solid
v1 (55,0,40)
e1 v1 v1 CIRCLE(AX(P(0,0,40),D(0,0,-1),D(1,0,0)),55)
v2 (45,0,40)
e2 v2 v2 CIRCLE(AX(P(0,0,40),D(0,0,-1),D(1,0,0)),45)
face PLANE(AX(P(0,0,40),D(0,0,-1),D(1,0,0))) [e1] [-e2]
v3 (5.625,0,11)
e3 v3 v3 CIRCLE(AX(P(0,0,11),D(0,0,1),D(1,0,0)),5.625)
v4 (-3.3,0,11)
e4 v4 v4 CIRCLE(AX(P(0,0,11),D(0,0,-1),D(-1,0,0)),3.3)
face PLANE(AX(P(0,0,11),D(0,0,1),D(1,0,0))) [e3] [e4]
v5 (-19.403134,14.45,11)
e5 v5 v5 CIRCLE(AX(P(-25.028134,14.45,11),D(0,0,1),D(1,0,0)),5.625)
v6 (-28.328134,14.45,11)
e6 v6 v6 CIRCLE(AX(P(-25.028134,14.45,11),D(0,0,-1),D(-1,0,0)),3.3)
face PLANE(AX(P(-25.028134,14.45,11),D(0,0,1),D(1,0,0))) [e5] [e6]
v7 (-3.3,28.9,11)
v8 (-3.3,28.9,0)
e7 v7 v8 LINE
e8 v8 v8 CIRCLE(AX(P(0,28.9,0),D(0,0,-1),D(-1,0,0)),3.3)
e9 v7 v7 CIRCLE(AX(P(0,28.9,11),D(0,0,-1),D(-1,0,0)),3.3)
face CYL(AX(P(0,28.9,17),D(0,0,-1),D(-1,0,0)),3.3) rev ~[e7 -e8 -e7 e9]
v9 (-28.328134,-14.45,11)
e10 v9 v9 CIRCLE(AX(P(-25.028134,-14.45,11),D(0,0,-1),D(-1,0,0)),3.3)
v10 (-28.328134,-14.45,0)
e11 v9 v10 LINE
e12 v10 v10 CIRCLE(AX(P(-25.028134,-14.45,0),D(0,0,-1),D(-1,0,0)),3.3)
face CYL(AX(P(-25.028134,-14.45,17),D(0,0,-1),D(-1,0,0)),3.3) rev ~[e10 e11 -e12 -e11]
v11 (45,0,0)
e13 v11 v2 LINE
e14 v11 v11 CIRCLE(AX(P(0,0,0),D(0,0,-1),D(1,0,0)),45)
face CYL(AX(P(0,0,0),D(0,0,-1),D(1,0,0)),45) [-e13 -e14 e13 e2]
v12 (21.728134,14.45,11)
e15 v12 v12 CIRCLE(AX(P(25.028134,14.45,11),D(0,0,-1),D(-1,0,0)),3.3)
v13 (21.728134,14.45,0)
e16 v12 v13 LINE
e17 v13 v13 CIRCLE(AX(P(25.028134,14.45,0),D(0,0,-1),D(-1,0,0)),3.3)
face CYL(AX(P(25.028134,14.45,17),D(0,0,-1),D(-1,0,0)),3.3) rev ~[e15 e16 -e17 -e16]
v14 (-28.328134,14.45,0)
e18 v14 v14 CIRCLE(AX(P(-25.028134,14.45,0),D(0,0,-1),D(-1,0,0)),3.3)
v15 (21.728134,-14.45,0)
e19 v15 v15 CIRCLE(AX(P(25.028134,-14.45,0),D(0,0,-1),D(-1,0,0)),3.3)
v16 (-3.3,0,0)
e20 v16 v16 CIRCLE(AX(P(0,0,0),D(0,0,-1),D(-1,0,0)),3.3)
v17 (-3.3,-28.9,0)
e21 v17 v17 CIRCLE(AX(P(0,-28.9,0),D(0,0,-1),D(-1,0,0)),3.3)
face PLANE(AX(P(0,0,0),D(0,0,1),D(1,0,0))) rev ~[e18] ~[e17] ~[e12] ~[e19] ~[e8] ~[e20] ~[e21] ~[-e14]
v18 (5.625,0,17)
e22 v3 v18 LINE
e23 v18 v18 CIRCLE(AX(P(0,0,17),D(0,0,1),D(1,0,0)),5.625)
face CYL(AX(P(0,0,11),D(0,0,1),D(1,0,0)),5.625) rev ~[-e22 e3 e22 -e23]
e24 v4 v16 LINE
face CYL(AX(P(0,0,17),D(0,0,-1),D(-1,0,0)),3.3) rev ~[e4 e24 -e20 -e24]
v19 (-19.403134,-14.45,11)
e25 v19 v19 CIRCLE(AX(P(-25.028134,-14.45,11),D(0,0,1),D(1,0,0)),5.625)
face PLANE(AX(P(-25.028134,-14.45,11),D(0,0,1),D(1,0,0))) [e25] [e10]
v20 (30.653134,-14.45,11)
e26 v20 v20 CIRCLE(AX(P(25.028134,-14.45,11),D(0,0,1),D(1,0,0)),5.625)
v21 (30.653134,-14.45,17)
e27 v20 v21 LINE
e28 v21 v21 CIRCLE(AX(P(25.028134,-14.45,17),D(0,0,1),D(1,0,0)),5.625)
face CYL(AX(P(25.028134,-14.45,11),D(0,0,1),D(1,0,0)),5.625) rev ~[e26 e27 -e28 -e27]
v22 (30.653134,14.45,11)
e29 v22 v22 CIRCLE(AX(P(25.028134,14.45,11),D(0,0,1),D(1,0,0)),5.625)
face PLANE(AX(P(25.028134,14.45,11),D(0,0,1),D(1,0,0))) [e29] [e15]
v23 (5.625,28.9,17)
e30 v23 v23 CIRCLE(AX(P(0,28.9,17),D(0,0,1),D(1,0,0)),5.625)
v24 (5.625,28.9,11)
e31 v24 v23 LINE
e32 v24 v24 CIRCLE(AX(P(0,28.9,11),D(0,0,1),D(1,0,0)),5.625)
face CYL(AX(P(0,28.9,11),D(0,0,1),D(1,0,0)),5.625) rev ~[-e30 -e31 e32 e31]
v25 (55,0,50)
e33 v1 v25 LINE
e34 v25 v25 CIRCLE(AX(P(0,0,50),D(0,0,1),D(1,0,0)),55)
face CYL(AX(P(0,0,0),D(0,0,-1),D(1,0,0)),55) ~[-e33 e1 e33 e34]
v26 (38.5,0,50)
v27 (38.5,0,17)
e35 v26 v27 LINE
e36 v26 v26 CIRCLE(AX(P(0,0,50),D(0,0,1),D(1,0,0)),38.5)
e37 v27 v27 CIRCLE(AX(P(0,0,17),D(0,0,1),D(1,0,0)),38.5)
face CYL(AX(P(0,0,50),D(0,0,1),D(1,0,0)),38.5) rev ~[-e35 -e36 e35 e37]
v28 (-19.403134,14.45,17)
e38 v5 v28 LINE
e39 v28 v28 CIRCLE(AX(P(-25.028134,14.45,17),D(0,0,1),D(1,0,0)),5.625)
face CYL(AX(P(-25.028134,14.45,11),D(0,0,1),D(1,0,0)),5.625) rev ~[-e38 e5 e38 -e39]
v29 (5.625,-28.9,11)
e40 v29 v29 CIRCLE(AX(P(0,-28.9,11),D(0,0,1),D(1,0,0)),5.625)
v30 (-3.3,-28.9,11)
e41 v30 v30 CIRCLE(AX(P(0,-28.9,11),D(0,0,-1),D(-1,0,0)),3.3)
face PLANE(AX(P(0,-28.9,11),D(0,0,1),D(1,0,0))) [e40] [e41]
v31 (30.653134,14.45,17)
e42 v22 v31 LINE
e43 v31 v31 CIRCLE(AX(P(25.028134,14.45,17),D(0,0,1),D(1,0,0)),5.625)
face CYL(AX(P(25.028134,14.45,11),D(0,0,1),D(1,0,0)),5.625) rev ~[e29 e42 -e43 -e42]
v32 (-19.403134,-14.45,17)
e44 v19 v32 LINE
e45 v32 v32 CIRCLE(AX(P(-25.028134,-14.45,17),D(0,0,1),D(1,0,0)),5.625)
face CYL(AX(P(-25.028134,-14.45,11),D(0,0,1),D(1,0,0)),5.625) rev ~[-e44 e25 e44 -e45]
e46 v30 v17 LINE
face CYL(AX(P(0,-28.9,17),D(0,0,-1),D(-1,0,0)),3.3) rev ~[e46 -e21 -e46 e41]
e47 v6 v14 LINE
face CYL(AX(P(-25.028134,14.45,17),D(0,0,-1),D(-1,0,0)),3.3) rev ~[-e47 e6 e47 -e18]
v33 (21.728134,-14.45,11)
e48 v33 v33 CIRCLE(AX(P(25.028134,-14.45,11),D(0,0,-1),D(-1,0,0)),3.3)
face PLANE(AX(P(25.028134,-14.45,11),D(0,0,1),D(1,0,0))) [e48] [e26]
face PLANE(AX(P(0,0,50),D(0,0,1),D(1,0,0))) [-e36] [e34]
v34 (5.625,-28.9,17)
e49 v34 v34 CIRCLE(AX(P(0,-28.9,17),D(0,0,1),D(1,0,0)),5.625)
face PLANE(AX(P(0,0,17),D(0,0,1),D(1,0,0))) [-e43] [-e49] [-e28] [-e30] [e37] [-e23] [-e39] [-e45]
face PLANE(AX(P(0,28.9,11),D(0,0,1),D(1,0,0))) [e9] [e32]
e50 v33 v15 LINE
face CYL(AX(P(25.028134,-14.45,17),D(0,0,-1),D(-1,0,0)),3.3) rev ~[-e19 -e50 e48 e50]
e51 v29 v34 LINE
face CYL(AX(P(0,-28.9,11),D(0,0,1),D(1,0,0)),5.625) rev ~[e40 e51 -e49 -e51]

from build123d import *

# Parameters (mm, degrees)
F0_R           = 55
F0_R_2         = 3
F1_DEPTH       = 50
F2_R           = 38.5
F2_R_2         = 3
F3_DEPTH       = 33
F5_D           = 6.6
F5_CBORE_D     = 11.25
F5_CBORE_DEPTH = 6
F6_R           = 57.5
F6_R_2         = 45
F7_DEPTH       = 40


with BuildPart() as f1:
    # F0 (on Top) → F1 (new body)
    with BuildSketch(Plane.XY):
        Circle(F0_R)
        with BuildLine():
            ThreePointArc((28.0281341694, -14.45), (25.8045913047, -17.3477774789), (22.430057958, -15.95))
            Line((22.430057958, -15.95), (2.5980762114, -27.4))
            ThreePointArc((2.5980762114, -27.4), (2.8977774789, -28.1235428647), (3, -28.9))
            ThreePointArc((3, -28.9), (-0.7764571353, -31.7977774789), (-2.5980762114, -27.4))
            Line((-2.5980762114, -27.4), (-22.430057958, -15.95))
            ThreePointArc((-22.430057958, -15.95), (-27.6262103807, -15.95), (-25.0281341694, -11.45))
            Line((-25.0281341694, -11.45), (-25.0281341694, 11.45))
            ThreePointArc((-25.0281341694, 11.45), (-27.6262103807, 15.95), (-22.430057958, 15.95))
            Line((-22.430057958, 15.95), (-2.5980762114, 27.4))
            ThreePointArc((-2.5980762114, 27.4), (-0.7764571353, 31.7977774789), (3, 28.9))
            ThreePointArc((3, 28.9), (2.8977774789, 28.1235428647), (2.5980762114, 27.4))
            Line((2.5980762114, 27.4), (22.430057958, 15.95))
            ThreePointArc((22.430057958, 15.95), (25.8045913047, 17.3477774789), (28.0281341694, 14.45))
            ThreePointArc((28.0281341694, 14.45), (27.1494545129, 12.3286796564), (25.0281341694, 11.45))
            Line((25.0281341694, 11.45), (25.0281341694, -11.45))
            ThreePointArc((25.0281341694, -11.45), (27.1494545129, -12.3286796564), (28.0281341694, -14.45))
        make_face(mode=Mode.SUBTRACT)
        with BuildLine():
            Line((2.5980762114, -27.4), (22.430057958, -15.95))
            ThreePointArc((22.430057958, -15.95), (22.430057958, -12.95), (25.0281341694, -11.45))
            Line((25.0281341694, -11.45), (25.0281341694, 11.45))
            ThreePointArc((25.0281341694, 11.45), (22.430057958, 12.95), (22.430057958, 15.95))
            Line((22.430057958, 15.95), (2.5980762114, 27.4))
            ThreePointArc((2.5980762114, 27.4), (0, 25.9), (-2.5980762114, 27.4))
            Line((-2.5980762114, 27.4), (-22.430057958, 15.95))
            ThreePointArc((-22.430057958, 15.95), (-22.1303566905, 15.2264571353), (-22.0281341694, 14.45))
            ThreePointArc((-22.0281341694, 14.45), (-22.9068138258, 12.3286796564), (-25.0281341694, 11.45))
            Line((-25.0281341694, 11.45), (-25.0281341694, -11.45))
            ThreePointArc((-25.0281341694, -11.45), (-22.9068138258, -12.3286796564), (-22.0281341694, -14.45))
            ThreePointArc((-22.0281341694, -14.45), (-22.1303566905, -15.2264571353), (-22.430057958, -15.95))
            Line((-22.430057958, -15.95), (-2.5980762114, -27.4))
            ThreePointArc((-2.5980762114, -27.4), (0, -25.9), (2.5980762114, -27.4))
        make_face()
        Circle(F0_R_2, mode=Mode.SUBTRACT)
    extrude(amount=F1_DEPTH)

    # F2 (on face) → F3 (cut)
    with BuildSketch(Plane.XY.offset(50)):
        Circle(F2_R)
        with Locations((-25.0281341694, -14.45)):
            Circle(F2_R_2, mode=Mode.SUBTRACT)
        with Locations((0, -28.9)):
            Circle(F2_R_2, mode=Mode.SUBTRACT)
        with Locations((25.0281341694, -14.45)):
            Circle(F2_R_2, mode=Mode.SUBTRACT)
        with Locations((-25.0281341694, 14.45)):
            Circle(F2_R_2, mode=Mode.SUBTRACT)
        Circle(F2_R_2, mode=Mode.SUBTRACT)
        with Locations((25.0281341694, 14.45)):
            Circle(F2_R_2, mode=Mode.SUBTRACT)
        with Locations((0, 28.9)):
            Circle(F2_R_2, mode=Mode.SUBTRACT)
    extrude(amount=-F3_DEPTH, mode=Mode.SUBTRACT)

    # F5 (through all)
    with Locations(Plane.XY.offset(17)):
        with Locations((-25.0281341694, 14.45), (-25.0281341694, -14.45), (0, -28.9), (25.0281341694, -14.45), (25.0281341694, 14.45), (0, 28.9), (0, 0)):
            CounterBoreHole(F5_D / 2, F5_CBORE_D / 2, F5_CBORE_DEPTH)

    # F6 (on face) → F7 (cut)
    with BuildSketch(Plane(origin=(0, 0, 0), x_dir=(1, 0, 0), z_dir=(0, 0, -1))):
        Circle(F6_R)
        Circle(F6_R_2, mode=Mode.SUBTRACT)
    extrude(amount=-F7_DEPTH, mode=Mode.SUBTRACT)


solid = f1.part
